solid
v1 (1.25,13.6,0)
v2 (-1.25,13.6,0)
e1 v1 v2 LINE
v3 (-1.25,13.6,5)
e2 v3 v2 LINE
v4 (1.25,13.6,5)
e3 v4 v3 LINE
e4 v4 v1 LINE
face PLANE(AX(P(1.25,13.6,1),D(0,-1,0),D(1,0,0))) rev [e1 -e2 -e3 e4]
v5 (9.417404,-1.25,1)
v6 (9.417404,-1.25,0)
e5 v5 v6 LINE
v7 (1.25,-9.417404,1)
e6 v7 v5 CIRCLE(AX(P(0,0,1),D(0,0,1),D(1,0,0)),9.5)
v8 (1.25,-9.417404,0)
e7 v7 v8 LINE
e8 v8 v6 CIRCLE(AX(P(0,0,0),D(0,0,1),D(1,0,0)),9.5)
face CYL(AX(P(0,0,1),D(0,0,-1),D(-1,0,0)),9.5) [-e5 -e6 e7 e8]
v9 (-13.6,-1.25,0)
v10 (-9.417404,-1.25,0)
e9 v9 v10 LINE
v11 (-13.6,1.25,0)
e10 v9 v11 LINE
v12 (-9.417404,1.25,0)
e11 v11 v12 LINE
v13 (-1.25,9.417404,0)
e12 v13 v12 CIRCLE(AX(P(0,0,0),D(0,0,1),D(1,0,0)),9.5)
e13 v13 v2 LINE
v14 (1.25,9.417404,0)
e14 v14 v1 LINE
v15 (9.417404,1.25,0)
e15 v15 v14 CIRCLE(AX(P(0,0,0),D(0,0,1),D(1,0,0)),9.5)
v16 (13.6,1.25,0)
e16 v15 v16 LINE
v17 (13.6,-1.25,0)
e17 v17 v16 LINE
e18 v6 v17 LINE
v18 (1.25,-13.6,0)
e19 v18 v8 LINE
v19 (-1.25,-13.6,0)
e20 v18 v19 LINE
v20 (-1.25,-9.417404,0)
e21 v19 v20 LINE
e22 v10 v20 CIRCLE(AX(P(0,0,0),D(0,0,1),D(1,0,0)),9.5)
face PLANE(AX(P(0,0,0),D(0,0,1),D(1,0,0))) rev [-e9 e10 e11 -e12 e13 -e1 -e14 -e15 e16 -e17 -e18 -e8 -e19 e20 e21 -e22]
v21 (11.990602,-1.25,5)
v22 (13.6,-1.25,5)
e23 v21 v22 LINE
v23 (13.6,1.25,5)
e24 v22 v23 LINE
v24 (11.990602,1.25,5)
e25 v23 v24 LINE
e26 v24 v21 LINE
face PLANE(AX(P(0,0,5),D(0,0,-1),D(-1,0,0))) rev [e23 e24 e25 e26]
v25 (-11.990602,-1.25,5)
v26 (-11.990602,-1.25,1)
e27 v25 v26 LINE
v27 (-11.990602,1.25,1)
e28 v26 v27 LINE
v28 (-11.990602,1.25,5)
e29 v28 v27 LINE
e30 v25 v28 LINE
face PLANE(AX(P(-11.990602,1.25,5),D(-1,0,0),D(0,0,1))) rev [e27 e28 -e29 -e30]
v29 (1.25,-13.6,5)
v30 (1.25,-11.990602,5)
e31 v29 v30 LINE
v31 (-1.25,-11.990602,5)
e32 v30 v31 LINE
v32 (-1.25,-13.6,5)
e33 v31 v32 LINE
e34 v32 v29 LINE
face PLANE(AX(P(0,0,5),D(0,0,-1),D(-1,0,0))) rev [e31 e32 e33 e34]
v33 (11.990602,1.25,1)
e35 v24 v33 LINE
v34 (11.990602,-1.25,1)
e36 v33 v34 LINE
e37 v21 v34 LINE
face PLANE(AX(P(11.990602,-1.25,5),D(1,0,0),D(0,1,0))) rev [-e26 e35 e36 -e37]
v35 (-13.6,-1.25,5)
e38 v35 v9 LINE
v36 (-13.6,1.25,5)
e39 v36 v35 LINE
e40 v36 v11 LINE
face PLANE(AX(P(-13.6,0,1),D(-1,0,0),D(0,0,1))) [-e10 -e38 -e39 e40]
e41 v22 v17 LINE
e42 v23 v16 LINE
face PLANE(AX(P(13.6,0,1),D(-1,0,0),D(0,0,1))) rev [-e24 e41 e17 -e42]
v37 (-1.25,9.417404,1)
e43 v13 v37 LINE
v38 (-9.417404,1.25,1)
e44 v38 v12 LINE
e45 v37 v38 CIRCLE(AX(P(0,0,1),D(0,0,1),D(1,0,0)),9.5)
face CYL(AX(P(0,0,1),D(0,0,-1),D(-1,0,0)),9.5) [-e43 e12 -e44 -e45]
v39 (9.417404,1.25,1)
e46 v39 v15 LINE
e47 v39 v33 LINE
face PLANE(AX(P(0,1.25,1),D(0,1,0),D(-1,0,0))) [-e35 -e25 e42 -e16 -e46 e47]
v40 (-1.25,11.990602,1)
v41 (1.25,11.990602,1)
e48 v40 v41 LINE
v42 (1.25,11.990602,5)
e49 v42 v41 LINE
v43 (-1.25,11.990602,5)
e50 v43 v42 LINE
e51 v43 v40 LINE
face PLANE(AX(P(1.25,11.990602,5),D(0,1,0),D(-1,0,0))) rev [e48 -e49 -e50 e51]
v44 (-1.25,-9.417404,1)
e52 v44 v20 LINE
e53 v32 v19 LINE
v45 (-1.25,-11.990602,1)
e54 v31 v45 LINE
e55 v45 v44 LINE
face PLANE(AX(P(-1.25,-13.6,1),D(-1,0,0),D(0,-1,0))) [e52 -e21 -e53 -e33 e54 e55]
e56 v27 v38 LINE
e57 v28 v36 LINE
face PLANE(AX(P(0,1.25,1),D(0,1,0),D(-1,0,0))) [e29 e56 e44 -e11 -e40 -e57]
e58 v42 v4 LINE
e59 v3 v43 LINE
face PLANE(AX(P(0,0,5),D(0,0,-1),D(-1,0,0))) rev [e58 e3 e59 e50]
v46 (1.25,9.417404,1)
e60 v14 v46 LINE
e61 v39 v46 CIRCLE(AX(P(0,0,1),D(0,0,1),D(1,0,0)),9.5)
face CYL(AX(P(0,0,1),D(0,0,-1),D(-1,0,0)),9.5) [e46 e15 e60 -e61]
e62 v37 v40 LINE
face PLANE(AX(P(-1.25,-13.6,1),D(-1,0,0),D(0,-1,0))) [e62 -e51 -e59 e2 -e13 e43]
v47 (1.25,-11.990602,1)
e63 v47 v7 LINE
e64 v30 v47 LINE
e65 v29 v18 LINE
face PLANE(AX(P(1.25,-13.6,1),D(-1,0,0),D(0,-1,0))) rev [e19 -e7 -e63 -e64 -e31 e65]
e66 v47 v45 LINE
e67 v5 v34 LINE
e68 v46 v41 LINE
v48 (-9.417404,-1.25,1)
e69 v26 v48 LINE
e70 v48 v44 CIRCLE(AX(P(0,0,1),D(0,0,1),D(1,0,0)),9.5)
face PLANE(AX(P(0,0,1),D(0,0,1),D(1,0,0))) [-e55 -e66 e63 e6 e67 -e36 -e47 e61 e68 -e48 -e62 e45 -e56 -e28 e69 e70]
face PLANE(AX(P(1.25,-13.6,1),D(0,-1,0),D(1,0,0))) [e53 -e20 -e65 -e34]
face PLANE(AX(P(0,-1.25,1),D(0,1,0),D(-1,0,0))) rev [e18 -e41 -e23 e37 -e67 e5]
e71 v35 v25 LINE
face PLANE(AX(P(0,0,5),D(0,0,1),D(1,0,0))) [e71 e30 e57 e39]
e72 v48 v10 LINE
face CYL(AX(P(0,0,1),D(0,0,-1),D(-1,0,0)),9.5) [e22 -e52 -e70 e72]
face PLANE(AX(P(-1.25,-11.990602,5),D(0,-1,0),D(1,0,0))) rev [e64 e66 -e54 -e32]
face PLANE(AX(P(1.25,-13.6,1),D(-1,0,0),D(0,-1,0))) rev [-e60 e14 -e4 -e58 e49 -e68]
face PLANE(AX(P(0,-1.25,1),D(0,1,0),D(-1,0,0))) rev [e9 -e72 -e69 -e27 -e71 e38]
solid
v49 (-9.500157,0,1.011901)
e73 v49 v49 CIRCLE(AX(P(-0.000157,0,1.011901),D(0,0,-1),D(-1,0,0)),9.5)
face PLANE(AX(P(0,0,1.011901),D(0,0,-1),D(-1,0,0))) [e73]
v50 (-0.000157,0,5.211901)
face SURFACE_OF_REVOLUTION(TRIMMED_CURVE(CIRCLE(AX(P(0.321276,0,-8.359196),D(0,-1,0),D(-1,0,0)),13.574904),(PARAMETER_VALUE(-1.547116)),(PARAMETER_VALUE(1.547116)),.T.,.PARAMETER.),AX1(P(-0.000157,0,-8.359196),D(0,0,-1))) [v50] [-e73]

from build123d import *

# Parameters (mm, degrees)
SKETCH1_R           = 9.5
SKETCH1_W           = 27.2
SKETCH1_H           = 2.5
SKETCH1_W_2         = 2.5
SKETCH1_H_2         = 27.2
BOSS_EXTRUDE1_DEPTH = 1
SKETCH2_W           = 1.609397648
SKETCH2_H           = 2.5
SKETCH2_W_2         = 2.5
SKETCH2_H_2         = 1.609397648
BOSS_EXTRUDE2_DEPTH = 4


with BuildPart() as part:
    # Sketch1 → Boss-Extrude1 (new body)
    with BuildSketch(Plane.XY):
        Circle(SKETCH1_R)
        Rectangle(SKETCH1_W, SKETCH1_H)
        Rectangle(SKETCH1_W_2, SKETCH1_H_2)
    extrude(amount=BOSS_EXTRUDE1_DEPTH)

    # Sketch2 → Boss-Extrude2 (add)
    with BuildSketch(Plane.XY.offset(1)):
        with Locations((-12.795301176, 0)):
            Rectangle(SKETCH2_W, SKETCH2_H)
        with Locations((0, 12.795301176)):
            Rectangle(SKETCH2_W_2, SKETCH2_H_2)
        with Locations((12.795301176, 0)):
            Rectangle(SKETCH2_W, SKETCH2_H)
        with Locations((0, -12.795301176)):
            Rectangle(SKETCH2_W_2, SKETCH2_H_2)
    extrude(amount=BOSS_EXTRUDE2_DEPTH)


with BuildPart() as body_2:
    # Sketch7 → Revolve4 (revolve)
    with BuildSketch(Plane(origin=(0, 0, 0), x_dir=(1, 0, 0), z_dir=(0, 1, 0))):
        with BuildLine():
            Line((-0.000156816, -1.011901345), (-9.500156816, -1.011901345))
            ThreePointArc((-9.500156816, -1.011901345), (-5.167752239, -4.056462422), (-0.000156816, -5.211901345))
            Line((-0.000156816, -5.211901345), (-0.000156816, -1.011901345))
        make_face()
    revolve(axis=Axis((-0.000156816, 0, 5.211901345), (0, 0, 1)))


solid = Compound([part.part, body_2.part])
